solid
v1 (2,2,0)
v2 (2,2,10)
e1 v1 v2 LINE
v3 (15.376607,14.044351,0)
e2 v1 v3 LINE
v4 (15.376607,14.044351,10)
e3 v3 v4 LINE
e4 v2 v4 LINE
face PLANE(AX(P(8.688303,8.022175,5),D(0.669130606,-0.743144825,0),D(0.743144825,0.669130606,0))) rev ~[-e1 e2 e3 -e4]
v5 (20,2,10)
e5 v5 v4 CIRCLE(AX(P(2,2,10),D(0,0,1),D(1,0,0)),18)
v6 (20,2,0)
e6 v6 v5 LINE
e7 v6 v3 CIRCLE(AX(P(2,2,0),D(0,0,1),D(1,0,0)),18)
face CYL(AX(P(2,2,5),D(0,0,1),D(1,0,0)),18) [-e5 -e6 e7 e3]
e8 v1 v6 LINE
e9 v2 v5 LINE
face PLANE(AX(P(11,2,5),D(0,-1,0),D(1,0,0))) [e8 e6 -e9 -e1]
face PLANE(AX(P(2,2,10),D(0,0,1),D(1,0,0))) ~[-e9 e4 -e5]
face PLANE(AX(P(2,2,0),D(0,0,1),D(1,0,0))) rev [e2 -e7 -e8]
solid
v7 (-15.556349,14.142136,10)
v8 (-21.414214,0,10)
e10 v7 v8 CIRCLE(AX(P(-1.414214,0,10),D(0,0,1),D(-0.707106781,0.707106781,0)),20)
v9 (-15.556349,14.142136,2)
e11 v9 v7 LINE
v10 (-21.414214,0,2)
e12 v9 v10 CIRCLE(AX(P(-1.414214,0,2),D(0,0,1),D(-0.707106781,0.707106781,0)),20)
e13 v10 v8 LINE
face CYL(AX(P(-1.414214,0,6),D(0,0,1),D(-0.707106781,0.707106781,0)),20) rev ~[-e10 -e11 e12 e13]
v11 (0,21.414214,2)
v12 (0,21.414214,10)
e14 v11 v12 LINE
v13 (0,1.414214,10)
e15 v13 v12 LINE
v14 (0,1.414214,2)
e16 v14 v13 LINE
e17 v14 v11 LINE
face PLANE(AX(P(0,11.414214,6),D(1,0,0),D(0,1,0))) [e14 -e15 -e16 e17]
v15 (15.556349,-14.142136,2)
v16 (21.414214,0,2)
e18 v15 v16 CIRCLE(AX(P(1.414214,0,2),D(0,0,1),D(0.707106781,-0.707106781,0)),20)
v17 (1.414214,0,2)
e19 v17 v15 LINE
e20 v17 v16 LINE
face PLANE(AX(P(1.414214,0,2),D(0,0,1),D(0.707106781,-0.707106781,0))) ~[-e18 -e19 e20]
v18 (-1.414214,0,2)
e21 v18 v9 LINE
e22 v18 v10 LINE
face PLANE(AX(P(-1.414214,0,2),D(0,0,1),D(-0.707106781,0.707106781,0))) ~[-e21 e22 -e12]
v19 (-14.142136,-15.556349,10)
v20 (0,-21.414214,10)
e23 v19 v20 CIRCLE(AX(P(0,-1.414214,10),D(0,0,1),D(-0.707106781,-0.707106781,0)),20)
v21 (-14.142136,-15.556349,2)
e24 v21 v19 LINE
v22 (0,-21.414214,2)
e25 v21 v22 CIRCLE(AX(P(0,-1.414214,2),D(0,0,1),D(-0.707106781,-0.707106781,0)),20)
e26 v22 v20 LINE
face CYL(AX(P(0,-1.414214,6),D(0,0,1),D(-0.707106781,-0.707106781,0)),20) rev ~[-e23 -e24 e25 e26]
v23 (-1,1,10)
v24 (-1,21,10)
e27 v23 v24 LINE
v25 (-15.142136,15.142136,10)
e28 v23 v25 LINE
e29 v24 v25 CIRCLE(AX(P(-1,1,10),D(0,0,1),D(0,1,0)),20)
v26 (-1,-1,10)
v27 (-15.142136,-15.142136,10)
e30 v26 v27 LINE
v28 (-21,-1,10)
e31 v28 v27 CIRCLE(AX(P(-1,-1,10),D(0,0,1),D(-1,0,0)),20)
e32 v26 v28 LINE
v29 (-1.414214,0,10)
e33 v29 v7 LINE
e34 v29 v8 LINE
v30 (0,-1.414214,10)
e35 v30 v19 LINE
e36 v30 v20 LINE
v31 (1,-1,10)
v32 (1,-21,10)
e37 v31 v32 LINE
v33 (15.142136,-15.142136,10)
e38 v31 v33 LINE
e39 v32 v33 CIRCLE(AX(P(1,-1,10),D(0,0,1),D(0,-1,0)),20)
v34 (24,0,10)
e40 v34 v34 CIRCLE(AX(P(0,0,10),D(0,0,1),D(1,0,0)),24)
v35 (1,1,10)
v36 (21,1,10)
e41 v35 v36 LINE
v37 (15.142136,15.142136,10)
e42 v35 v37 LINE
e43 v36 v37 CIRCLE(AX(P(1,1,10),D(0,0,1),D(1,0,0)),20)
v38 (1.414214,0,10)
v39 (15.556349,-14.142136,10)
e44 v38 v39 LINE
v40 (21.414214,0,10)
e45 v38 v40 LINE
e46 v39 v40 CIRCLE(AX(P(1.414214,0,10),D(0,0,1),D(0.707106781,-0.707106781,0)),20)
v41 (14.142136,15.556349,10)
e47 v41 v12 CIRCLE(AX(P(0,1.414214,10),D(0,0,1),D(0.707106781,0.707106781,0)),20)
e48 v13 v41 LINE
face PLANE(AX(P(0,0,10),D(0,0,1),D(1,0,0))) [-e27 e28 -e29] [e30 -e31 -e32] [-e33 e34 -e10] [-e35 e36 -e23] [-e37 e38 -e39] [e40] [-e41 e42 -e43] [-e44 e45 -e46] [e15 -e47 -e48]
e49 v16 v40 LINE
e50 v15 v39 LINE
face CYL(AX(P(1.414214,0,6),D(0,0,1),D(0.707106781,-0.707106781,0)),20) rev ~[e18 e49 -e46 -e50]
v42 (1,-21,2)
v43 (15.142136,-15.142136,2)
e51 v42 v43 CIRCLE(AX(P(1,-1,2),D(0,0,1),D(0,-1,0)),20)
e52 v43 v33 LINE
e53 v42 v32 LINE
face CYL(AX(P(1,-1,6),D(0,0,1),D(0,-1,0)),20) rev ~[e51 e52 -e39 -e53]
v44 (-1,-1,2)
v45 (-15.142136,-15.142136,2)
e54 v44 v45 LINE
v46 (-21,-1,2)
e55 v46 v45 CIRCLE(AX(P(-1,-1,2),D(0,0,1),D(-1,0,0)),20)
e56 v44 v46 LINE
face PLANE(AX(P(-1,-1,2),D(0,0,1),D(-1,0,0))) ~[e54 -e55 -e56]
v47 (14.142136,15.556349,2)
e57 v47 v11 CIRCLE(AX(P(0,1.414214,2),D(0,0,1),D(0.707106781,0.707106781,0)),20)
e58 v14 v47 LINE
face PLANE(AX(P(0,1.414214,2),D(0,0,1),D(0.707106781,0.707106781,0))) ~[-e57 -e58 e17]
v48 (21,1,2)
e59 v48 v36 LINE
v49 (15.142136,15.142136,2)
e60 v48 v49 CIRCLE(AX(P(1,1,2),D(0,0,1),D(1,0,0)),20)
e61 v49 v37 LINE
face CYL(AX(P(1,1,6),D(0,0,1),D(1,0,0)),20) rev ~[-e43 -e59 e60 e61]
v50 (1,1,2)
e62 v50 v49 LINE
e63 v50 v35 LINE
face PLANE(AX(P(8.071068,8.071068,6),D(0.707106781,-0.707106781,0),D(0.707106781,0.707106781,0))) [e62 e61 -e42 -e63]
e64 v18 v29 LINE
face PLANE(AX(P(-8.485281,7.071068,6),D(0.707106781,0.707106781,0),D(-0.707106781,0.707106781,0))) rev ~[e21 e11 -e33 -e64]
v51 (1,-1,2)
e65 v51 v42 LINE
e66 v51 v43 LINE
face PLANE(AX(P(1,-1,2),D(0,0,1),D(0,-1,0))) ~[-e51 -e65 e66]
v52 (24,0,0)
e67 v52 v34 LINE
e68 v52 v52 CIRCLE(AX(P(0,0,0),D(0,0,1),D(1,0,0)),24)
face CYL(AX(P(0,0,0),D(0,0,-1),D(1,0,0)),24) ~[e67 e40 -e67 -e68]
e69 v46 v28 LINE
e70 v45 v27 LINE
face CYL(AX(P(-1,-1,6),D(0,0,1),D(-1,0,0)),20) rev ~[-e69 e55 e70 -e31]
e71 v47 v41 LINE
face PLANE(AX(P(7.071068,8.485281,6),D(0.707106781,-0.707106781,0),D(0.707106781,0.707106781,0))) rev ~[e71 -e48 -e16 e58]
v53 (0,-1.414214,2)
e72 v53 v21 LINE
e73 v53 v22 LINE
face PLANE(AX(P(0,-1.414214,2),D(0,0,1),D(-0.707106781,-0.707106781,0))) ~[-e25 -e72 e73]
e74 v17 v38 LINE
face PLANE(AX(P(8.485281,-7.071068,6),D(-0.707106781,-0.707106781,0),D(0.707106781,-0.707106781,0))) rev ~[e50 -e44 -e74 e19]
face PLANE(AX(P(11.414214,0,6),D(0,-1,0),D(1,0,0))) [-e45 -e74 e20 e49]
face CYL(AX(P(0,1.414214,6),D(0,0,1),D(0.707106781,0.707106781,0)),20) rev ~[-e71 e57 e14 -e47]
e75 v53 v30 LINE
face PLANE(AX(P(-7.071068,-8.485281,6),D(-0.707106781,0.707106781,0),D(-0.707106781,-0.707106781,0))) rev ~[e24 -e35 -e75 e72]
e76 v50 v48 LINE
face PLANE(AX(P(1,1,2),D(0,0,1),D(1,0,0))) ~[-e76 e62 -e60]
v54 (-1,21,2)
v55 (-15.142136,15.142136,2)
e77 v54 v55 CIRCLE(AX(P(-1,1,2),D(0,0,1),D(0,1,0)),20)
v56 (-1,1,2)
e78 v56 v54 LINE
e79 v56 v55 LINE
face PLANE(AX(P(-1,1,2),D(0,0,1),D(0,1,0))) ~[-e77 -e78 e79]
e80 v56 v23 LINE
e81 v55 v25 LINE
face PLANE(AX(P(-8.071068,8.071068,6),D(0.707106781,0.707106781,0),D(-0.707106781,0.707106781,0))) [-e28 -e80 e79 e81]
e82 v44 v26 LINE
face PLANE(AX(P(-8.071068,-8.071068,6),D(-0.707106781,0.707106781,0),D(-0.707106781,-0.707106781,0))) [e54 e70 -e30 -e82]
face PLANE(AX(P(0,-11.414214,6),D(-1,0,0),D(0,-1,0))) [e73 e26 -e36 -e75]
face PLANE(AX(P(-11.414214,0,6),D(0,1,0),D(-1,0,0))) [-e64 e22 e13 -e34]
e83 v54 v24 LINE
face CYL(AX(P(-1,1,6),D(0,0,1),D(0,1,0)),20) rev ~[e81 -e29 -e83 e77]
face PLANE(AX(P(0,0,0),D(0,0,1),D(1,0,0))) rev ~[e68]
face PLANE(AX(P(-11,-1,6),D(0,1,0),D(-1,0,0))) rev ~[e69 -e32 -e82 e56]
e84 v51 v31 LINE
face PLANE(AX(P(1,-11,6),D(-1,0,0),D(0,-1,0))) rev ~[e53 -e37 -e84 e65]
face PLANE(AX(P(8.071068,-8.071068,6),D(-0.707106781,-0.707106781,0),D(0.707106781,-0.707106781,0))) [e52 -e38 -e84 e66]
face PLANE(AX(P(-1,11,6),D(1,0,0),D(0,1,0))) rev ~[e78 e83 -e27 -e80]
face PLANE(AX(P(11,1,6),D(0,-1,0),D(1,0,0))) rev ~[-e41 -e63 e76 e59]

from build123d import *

# Parameters (mm, degrees)
CYLINDER001_W     = 20
CYLINDER001_H     = 8
CYLINDER001_ANGLE = 45
ARRAY_COUNT       = 8
CYLINDER_R        = 24
CYLINDER_DEPTH    = 10
CYLINDER002_W     = 18
CYLINDER002_H     = 10
CYLINDER002_ANGLE = 42


with BuildPart() as array:
    # Cylinder001 → Cylinder001 (revolve)
    with BuildSketch(Plane(origin=(1, 1, 2), x_dir=(1, 0, 0), z_dir=(0, -1, 0))):
        with Locations((10, 4)):
            Rectangle(CYLINDER001_W, CYLINDER001_H)
    revolve(axis=Axis((1, 1, 2), (0, 0, 1)), revolution_arc=CYLINDER001_ANGLE)

    # Array: Array ×8 about axis
    array_axis = Axis((0, 0, 0), (0, 0, 1))


with BuildPart() as array_1:
    add(array.part)
    for i in range(1, ARRAY_COUNT):
        add(array.part.rotate(array_axis, i * 360 / ARRAY_COUNT))


with BuildPart() as cut:
    # Cylinder → Cylinder (new body)
    with BuildSketch(Plane.XY):
        Circle(CYLINDER_R)
    extrude(amount=CYLINDER_DEPTH)

    # Cut: cut Array
    add(array_1.part, mode=Mode.SUBTRACT)


with BuildPart() as cilindro002:
    # Cylinder002 → Cylinder002 (revolve)
    with BuildSketch(Plane(origin=(2, 2, 0), x_dir=(1, 0, 0), z_dir=(0, -1, 0))):
        with Locations((9, 5)):
            Rectangle(CYLINDER002_W, CYLINDER002_H)
    revolve(axis=Axis((2, 2, 0), (0, 0, 1)), revolution_arc=CYLINDER002_ANGLE)


solid = Compound([cut.part, cilindro002.part])
